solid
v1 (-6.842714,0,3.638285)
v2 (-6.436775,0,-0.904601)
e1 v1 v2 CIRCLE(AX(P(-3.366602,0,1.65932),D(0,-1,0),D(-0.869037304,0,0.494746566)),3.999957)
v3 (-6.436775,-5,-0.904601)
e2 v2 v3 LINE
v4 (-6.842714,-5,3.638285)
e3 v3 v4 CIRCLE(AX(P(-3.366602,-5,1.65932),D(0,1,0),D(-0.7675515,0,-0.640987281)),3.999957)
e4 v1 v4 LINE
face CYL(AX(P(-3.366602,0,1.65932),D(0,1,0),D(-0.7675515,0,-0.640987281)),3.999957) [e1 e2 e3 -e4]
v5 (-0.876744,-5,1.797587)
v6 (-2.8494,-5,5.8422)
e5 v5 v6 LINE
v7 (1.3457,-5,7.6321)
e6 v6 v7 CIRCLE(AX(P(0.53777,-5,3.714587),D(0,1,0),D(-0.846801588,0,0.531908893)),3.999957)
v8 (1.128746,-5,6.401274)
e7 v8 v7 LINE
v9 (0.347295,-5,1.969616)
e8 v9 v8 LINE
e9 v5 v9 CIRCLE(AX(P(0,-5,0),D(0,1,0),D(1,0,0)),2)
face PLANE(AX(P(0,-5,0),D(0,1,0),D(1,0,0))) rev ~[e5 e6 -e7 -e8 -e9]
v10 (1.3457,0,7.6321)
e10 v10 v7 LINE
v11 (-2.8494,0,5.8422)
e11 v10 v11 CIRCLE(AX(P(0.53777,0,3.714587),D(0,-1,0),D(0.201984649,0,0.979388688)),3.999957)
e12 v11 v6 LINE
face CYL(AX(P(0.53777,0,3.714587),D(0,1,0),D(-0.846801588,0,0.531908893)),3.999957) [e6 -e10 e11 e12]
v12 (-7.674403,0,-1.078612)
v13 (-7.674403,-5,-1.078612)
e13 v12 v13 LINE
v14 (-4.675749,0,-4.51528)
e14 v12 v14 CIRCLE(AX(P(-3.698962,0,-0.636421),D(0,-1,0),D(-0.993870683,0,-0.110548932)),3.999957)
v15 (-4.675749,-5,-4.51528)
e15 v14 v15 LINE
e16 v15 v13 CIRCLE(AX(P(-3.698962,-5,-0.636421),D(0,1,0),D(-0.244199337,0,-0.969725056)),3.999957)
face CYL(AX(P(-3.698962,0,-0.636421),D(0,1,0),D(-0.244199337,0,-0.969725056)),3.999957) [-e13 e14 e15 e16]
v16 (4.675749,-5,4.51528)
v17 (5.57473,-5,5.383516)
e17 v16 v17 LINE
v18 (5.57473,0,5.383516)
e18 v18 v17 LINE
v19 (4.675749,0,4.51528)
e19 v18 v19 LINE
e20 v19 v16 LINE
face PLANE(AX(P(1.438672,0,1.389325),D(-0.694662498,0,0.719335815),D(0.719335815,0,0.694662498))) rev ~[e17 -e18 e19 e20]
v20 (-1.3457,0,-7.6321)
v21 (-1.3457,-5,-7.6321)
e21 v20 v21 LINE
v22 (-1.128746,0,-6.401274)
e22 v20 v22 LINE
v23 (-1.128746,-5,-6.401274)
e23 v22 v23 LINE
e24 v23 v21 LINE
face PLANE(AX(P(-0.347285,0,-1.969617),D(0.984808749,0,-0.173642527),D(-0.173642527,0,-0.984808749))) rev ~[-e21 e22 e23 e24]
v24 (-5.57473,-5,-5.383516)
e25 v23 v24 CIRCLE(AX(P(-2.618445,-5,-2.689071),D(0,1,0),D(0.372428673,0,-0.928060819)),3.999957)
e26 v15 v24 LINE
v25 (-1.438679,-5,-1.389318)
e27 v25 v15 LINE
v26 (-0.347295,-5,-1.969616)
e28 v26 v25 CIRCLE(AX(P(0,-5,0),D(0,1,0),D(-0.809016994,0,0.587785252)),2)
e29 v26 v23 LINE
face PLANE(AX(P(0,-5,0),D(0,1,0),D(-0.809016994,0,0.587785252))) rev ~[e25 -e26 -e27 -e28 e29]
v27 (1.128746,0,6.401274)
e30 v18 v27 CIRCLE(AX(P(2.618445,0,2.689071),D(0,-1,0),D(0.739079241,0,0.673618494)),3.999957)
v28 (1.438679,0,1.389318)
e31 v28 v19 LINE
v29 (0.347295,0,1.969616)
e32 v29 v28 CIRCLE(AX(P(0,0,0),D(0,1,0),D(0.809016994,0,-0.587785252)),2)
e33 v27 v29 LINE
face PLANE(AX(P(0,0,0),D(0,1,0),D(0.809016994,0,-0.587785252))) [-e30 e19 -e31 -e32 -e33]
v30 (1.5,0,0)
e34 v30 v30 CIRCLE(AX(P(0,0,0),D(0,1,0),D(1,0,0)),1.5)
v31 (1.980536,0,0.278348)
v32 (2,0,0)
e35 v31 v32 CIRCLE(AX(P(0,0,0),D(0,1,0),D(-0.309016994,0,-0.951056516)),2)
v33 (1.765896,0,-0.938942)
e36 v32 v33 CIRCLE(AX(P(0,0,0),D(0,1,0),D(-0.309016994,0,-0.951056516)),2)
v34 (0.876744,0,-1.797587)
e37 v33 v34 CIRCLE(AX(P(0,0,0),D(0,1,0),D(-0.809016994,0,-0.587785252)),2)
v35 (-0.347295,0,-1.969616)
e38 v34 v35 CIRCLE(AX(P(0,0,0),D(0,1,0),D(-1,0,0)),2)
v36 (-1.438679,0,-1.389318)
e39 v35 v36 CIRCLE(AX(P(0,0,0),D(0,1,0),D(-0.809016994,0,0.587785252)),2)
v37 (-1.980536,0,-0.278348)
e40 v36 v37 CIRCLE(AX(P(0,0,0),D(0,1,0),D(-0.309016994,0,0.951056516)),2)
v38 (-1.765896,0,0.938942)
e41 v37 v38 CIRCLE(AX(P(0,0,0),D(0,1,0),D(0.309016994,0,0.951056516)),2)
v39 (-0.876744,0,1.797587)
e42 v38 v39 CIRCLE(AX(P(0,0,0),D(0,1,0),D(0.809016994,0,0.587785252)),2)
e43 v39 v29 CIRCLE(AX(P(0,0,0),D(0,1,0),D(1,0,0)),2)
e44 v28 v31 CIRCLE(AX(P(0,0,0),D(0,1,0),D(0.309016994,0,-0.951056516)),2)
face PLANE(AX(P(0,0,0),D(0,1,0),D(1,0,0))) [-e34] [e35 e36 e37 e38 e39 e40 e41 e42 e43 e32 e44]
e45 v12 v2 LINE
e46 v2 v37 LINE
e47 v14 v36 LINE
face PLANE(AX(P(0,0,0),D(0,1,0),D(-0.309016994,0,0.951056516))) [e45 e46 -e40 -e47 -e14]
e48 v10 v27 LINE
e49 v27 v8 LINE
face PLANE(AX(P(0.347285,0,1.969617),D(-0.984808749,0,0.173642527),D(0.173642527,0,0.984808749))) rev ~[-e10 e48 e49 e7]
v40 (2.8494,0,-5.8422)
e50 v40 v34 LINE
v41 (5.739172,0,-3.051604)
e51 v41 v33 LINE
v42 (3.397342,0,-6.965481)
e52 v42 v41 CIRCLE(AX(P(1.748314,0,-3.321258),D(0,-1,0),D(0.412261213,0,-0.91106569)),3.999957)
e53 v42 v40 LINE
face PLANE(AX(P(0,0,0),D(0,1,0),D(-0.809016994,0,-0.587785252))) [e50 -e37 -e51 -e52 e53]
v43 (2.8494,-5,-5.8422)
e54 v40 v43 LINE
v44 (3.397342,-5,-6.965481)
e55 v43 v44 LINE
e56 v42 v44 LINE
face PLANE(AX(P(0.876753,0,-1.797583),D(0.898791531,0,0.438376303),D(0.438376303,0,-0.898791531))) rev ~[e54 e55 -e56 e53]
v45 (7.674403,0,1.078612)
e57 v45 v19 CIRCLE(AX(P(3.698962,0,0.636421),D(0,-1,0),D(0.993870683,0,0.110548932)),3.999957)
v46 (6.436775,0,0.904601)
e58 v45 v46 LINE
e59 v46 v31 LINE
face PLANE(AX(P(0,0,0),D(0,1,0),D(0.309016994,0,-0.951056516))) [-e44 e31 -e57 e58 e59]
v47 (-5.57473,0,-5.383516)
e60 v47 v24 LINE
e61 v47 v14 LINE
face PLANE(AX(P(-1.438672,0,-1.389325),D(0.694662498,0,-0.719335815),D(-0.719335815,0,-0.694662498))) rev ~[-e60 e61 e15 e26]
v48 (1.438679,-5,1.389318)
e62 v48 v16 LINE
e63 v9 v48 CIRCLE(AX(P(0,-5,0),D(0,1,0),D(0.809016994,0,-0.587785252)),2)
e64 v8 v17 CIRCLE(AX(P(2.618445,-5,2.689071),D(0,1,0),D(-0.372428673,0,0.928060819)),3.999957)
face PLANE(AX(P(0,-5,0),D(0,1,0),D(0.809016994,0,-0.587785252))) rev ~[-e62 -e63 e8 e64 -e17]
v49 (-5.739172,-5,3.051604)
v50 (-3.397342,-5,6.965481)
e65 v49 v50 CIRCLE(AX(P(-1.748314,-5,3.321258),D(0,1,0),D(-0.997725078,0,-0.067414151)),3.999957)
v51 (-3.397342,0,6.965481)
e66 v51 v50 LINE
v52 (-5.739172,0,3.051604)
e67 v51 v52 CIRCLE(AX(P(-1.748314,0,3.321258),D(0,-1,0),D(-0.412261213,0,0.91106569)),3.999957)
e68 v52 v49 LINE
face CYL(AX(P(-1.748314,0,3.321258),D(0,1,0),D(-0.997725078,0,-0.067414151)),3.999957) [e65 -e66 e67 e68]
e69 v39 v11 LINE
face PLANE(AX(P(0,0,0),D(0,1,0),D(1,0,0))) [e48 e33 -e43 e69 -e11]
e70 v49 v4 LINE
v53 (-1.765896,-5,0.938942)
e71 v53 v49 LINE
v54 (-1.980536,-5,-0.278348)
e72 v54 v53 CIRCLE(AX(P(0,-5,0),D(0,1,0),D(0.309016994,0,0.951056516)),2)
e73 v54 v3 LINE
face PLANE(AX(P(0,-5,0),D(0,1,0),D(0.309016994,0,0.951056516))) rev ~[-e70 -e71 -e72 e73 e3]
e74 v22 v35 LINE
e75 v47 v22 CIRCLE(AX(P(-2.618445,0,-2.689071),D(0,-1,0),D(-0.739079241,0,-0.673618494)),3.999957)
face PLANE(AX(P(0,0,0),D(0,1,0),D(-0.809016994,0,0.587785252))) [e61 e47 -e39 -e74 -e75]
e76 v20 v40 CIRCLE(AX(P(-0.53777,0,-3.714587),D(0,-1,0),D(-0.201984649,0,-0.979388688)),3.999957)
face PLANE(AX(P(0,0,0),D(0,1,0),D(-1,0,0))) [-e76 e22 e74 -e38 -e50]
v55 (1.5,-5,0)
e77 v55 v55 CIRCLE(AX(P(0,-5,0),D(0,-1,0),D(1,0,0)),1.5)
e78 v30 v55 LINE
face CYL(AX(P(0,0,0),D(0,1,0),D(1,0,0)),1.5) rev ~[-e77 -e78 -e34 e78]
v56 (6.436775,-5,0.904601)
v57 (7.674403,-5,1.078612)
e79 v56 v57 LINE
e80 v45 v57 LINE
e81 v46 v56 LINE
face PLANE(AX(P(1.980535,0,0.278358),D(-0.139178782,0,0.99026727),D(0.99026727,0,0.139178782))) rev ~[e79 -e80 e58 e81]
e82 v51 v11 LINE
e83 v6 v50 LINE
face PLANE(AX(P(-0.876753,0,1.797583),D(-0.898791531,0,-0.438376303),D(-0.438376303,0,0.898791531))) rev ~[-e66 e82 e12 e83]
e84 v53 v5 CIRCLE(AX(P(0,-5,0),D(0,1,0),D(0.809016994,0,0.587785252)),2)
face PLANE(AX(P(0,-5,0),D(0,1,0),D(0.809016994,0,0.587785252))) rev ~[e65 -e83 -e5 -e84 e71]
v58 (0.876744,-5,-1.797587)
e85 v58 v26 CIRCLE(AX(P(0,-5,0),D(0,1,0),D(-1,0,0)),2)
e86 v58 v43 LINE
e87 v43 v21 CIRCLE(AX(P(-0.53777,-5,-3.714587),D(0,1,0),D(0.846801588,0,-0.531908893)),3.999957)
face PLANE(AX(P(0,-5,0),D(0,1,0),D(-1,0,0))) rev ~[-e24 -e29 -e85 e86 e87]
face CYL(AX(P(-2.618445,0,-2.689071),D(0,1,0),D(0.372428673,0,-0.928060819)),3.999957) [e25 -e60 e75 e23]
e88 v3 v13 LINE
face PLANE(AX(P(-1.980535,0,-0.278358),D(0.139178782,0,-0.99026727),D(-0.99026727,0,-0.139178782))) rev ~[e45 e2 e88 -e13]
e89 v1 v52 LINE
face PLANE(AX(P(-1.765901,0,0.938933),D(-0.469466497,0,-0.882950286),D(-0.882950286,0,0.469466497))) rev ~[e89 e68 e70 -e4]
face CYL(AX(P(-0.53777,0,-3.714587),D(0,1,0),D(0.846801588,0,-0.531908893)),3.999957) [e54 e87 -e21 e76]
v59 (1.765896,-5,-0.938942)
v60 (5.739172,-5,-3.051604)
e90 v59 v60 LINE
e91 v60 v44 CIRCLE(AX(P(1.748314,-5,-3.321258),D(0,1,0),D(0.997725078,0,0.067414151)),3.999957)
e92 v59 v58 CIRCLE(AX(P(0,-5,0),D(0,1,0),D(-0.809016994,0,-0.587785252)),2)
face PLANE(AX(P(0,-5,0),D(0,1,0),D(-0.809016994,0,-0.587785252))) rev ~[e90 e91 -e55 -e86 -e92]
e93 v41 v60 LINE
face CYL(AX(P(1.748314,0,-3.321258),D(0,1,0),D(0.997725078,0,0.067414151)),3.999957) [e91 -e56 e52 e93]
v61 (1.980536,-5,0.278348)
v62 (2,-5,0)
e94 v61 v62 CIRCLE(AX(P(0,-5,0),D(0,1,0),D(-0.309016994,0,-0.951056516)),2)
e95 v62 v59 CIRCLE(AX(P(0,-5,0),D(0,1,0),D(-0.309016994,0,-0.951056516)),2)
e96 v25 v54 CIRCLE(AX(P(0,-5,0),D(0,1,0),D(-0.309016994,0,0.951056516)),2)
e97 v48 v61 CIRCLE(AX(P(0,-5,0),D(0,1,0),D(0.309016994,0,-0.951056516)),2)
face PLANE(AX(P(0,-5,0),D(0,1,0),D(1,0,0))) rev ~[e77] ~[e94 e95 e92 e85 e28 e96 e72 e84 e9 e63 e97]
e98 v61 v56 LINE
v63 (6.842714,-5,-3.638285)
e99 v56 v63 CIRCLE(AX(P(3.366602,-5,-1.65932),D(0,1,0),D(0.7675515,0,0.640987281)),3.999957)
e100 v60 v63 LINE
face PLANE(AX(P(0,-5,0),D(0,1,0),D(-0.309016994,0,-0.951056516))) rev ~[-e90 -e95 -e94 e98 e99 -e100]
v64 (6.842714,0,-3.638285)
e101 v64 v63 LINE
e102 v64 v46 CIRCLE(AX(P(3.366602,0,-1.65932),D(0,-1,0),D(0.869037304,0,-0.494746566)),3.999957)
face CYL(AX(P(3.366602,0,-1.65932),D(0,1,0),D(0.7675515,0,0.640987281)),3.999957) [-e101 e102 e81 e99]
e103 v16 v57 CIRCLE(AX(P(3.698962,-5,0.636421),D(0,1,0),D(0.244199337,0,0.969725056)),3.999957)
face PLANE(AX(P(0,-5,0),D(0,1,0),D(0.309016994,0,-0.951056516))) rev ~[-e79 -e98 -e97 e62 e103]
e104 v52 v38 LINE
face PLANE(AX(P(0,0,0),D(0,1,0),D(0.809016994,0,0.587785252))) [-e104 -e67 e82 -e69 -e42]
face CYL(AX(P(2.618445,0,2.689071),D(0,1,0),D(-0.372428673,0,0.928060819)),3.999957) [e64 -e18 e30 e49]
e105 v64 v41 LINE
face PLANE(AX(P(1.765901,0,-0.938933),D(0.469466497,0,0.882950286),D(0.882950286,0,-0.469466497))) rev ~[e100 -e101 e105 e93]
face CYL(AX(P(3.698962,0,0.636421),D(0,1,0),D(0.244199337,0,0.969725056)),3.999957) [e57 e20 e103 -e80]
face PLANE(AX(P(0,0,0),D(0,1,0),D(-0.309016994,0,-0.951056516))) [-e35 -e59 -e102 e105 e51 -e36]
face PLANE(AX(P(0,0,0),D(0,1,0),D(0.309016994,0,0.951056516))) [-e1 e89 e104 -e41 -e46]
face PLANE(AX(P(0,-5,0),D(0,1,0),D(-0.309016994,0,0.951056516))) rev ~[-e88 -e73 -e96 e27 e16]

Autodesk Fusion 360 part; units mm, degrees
sketch "ratchet" plane through (0, 0, 0) normal (0, 1, 0) x (1, 0, 0)
  circle A0 centre (0, 0) radius 6.5
  circle A1 centre (0, 0) radius 1.5
  circle A2 centre (0, 0) radius 2
  line L0 (0, 0) -> (1.3457, -7.6321)
  line L1 (0, 0) -> (-2.8494, -5.8422)
  arc A3 (-2.8494, -5.8422) -> (1.3457, -7.6321) centre (0.5378, -3.7146) ccw
  line L2 (0, 0) -> (7.7499, 0) construction
  arc A4 (1.3457, -7.6321) -> (0.8742, -7.7004) centre (0, 0) ccw
  dimension "d1" = 13
  dimension "d2" = 4
  dimension "d3" = 3
  dimension "d5" = 7.6321
  dimension "d6" = 36
  dimension "d7" = 4
  dimension "d12" = 80
extrude "Extrude1" add sketch "ratchet" against normal blind 5 contours A0 A2 L0 L1 | A0 L0 A3 picked at (-1.3488, -4.8046) makes body 1
pattern_circular "C-Pattern1" count 10 over 360 about axis through (0, -5, 0) along (0, 1, 0) of bodies 1 makes body 2 at (2.8174, -1.6667, 2.7207) makes body 3 at (3.8785, -3.3333, 0.5451) makes body 4 at (3.4582, -3.3333, -1.8387) makes body 5 at (1.7169, -1.6667, -3.5202) makes body 6 at (-0.6801, -1.6667, -3.8571) makes body 7 at (-2.8174, -3.3333, -2.7207) makes body 8 at (-3.8785, -3.3333, -0.5451) makes body 9 at (-3.4582, -1.6667, 1.8387) makes body 10 at (-1.7169, -1.6667, 3.5202)
extrude "Extrude2" add sketch "ratchet" against normal blind 5 contours A1 A2 L0 L1 | A1 A2 L0 L1 bodies 1 2 3 4 5 6 7 8 9 10
